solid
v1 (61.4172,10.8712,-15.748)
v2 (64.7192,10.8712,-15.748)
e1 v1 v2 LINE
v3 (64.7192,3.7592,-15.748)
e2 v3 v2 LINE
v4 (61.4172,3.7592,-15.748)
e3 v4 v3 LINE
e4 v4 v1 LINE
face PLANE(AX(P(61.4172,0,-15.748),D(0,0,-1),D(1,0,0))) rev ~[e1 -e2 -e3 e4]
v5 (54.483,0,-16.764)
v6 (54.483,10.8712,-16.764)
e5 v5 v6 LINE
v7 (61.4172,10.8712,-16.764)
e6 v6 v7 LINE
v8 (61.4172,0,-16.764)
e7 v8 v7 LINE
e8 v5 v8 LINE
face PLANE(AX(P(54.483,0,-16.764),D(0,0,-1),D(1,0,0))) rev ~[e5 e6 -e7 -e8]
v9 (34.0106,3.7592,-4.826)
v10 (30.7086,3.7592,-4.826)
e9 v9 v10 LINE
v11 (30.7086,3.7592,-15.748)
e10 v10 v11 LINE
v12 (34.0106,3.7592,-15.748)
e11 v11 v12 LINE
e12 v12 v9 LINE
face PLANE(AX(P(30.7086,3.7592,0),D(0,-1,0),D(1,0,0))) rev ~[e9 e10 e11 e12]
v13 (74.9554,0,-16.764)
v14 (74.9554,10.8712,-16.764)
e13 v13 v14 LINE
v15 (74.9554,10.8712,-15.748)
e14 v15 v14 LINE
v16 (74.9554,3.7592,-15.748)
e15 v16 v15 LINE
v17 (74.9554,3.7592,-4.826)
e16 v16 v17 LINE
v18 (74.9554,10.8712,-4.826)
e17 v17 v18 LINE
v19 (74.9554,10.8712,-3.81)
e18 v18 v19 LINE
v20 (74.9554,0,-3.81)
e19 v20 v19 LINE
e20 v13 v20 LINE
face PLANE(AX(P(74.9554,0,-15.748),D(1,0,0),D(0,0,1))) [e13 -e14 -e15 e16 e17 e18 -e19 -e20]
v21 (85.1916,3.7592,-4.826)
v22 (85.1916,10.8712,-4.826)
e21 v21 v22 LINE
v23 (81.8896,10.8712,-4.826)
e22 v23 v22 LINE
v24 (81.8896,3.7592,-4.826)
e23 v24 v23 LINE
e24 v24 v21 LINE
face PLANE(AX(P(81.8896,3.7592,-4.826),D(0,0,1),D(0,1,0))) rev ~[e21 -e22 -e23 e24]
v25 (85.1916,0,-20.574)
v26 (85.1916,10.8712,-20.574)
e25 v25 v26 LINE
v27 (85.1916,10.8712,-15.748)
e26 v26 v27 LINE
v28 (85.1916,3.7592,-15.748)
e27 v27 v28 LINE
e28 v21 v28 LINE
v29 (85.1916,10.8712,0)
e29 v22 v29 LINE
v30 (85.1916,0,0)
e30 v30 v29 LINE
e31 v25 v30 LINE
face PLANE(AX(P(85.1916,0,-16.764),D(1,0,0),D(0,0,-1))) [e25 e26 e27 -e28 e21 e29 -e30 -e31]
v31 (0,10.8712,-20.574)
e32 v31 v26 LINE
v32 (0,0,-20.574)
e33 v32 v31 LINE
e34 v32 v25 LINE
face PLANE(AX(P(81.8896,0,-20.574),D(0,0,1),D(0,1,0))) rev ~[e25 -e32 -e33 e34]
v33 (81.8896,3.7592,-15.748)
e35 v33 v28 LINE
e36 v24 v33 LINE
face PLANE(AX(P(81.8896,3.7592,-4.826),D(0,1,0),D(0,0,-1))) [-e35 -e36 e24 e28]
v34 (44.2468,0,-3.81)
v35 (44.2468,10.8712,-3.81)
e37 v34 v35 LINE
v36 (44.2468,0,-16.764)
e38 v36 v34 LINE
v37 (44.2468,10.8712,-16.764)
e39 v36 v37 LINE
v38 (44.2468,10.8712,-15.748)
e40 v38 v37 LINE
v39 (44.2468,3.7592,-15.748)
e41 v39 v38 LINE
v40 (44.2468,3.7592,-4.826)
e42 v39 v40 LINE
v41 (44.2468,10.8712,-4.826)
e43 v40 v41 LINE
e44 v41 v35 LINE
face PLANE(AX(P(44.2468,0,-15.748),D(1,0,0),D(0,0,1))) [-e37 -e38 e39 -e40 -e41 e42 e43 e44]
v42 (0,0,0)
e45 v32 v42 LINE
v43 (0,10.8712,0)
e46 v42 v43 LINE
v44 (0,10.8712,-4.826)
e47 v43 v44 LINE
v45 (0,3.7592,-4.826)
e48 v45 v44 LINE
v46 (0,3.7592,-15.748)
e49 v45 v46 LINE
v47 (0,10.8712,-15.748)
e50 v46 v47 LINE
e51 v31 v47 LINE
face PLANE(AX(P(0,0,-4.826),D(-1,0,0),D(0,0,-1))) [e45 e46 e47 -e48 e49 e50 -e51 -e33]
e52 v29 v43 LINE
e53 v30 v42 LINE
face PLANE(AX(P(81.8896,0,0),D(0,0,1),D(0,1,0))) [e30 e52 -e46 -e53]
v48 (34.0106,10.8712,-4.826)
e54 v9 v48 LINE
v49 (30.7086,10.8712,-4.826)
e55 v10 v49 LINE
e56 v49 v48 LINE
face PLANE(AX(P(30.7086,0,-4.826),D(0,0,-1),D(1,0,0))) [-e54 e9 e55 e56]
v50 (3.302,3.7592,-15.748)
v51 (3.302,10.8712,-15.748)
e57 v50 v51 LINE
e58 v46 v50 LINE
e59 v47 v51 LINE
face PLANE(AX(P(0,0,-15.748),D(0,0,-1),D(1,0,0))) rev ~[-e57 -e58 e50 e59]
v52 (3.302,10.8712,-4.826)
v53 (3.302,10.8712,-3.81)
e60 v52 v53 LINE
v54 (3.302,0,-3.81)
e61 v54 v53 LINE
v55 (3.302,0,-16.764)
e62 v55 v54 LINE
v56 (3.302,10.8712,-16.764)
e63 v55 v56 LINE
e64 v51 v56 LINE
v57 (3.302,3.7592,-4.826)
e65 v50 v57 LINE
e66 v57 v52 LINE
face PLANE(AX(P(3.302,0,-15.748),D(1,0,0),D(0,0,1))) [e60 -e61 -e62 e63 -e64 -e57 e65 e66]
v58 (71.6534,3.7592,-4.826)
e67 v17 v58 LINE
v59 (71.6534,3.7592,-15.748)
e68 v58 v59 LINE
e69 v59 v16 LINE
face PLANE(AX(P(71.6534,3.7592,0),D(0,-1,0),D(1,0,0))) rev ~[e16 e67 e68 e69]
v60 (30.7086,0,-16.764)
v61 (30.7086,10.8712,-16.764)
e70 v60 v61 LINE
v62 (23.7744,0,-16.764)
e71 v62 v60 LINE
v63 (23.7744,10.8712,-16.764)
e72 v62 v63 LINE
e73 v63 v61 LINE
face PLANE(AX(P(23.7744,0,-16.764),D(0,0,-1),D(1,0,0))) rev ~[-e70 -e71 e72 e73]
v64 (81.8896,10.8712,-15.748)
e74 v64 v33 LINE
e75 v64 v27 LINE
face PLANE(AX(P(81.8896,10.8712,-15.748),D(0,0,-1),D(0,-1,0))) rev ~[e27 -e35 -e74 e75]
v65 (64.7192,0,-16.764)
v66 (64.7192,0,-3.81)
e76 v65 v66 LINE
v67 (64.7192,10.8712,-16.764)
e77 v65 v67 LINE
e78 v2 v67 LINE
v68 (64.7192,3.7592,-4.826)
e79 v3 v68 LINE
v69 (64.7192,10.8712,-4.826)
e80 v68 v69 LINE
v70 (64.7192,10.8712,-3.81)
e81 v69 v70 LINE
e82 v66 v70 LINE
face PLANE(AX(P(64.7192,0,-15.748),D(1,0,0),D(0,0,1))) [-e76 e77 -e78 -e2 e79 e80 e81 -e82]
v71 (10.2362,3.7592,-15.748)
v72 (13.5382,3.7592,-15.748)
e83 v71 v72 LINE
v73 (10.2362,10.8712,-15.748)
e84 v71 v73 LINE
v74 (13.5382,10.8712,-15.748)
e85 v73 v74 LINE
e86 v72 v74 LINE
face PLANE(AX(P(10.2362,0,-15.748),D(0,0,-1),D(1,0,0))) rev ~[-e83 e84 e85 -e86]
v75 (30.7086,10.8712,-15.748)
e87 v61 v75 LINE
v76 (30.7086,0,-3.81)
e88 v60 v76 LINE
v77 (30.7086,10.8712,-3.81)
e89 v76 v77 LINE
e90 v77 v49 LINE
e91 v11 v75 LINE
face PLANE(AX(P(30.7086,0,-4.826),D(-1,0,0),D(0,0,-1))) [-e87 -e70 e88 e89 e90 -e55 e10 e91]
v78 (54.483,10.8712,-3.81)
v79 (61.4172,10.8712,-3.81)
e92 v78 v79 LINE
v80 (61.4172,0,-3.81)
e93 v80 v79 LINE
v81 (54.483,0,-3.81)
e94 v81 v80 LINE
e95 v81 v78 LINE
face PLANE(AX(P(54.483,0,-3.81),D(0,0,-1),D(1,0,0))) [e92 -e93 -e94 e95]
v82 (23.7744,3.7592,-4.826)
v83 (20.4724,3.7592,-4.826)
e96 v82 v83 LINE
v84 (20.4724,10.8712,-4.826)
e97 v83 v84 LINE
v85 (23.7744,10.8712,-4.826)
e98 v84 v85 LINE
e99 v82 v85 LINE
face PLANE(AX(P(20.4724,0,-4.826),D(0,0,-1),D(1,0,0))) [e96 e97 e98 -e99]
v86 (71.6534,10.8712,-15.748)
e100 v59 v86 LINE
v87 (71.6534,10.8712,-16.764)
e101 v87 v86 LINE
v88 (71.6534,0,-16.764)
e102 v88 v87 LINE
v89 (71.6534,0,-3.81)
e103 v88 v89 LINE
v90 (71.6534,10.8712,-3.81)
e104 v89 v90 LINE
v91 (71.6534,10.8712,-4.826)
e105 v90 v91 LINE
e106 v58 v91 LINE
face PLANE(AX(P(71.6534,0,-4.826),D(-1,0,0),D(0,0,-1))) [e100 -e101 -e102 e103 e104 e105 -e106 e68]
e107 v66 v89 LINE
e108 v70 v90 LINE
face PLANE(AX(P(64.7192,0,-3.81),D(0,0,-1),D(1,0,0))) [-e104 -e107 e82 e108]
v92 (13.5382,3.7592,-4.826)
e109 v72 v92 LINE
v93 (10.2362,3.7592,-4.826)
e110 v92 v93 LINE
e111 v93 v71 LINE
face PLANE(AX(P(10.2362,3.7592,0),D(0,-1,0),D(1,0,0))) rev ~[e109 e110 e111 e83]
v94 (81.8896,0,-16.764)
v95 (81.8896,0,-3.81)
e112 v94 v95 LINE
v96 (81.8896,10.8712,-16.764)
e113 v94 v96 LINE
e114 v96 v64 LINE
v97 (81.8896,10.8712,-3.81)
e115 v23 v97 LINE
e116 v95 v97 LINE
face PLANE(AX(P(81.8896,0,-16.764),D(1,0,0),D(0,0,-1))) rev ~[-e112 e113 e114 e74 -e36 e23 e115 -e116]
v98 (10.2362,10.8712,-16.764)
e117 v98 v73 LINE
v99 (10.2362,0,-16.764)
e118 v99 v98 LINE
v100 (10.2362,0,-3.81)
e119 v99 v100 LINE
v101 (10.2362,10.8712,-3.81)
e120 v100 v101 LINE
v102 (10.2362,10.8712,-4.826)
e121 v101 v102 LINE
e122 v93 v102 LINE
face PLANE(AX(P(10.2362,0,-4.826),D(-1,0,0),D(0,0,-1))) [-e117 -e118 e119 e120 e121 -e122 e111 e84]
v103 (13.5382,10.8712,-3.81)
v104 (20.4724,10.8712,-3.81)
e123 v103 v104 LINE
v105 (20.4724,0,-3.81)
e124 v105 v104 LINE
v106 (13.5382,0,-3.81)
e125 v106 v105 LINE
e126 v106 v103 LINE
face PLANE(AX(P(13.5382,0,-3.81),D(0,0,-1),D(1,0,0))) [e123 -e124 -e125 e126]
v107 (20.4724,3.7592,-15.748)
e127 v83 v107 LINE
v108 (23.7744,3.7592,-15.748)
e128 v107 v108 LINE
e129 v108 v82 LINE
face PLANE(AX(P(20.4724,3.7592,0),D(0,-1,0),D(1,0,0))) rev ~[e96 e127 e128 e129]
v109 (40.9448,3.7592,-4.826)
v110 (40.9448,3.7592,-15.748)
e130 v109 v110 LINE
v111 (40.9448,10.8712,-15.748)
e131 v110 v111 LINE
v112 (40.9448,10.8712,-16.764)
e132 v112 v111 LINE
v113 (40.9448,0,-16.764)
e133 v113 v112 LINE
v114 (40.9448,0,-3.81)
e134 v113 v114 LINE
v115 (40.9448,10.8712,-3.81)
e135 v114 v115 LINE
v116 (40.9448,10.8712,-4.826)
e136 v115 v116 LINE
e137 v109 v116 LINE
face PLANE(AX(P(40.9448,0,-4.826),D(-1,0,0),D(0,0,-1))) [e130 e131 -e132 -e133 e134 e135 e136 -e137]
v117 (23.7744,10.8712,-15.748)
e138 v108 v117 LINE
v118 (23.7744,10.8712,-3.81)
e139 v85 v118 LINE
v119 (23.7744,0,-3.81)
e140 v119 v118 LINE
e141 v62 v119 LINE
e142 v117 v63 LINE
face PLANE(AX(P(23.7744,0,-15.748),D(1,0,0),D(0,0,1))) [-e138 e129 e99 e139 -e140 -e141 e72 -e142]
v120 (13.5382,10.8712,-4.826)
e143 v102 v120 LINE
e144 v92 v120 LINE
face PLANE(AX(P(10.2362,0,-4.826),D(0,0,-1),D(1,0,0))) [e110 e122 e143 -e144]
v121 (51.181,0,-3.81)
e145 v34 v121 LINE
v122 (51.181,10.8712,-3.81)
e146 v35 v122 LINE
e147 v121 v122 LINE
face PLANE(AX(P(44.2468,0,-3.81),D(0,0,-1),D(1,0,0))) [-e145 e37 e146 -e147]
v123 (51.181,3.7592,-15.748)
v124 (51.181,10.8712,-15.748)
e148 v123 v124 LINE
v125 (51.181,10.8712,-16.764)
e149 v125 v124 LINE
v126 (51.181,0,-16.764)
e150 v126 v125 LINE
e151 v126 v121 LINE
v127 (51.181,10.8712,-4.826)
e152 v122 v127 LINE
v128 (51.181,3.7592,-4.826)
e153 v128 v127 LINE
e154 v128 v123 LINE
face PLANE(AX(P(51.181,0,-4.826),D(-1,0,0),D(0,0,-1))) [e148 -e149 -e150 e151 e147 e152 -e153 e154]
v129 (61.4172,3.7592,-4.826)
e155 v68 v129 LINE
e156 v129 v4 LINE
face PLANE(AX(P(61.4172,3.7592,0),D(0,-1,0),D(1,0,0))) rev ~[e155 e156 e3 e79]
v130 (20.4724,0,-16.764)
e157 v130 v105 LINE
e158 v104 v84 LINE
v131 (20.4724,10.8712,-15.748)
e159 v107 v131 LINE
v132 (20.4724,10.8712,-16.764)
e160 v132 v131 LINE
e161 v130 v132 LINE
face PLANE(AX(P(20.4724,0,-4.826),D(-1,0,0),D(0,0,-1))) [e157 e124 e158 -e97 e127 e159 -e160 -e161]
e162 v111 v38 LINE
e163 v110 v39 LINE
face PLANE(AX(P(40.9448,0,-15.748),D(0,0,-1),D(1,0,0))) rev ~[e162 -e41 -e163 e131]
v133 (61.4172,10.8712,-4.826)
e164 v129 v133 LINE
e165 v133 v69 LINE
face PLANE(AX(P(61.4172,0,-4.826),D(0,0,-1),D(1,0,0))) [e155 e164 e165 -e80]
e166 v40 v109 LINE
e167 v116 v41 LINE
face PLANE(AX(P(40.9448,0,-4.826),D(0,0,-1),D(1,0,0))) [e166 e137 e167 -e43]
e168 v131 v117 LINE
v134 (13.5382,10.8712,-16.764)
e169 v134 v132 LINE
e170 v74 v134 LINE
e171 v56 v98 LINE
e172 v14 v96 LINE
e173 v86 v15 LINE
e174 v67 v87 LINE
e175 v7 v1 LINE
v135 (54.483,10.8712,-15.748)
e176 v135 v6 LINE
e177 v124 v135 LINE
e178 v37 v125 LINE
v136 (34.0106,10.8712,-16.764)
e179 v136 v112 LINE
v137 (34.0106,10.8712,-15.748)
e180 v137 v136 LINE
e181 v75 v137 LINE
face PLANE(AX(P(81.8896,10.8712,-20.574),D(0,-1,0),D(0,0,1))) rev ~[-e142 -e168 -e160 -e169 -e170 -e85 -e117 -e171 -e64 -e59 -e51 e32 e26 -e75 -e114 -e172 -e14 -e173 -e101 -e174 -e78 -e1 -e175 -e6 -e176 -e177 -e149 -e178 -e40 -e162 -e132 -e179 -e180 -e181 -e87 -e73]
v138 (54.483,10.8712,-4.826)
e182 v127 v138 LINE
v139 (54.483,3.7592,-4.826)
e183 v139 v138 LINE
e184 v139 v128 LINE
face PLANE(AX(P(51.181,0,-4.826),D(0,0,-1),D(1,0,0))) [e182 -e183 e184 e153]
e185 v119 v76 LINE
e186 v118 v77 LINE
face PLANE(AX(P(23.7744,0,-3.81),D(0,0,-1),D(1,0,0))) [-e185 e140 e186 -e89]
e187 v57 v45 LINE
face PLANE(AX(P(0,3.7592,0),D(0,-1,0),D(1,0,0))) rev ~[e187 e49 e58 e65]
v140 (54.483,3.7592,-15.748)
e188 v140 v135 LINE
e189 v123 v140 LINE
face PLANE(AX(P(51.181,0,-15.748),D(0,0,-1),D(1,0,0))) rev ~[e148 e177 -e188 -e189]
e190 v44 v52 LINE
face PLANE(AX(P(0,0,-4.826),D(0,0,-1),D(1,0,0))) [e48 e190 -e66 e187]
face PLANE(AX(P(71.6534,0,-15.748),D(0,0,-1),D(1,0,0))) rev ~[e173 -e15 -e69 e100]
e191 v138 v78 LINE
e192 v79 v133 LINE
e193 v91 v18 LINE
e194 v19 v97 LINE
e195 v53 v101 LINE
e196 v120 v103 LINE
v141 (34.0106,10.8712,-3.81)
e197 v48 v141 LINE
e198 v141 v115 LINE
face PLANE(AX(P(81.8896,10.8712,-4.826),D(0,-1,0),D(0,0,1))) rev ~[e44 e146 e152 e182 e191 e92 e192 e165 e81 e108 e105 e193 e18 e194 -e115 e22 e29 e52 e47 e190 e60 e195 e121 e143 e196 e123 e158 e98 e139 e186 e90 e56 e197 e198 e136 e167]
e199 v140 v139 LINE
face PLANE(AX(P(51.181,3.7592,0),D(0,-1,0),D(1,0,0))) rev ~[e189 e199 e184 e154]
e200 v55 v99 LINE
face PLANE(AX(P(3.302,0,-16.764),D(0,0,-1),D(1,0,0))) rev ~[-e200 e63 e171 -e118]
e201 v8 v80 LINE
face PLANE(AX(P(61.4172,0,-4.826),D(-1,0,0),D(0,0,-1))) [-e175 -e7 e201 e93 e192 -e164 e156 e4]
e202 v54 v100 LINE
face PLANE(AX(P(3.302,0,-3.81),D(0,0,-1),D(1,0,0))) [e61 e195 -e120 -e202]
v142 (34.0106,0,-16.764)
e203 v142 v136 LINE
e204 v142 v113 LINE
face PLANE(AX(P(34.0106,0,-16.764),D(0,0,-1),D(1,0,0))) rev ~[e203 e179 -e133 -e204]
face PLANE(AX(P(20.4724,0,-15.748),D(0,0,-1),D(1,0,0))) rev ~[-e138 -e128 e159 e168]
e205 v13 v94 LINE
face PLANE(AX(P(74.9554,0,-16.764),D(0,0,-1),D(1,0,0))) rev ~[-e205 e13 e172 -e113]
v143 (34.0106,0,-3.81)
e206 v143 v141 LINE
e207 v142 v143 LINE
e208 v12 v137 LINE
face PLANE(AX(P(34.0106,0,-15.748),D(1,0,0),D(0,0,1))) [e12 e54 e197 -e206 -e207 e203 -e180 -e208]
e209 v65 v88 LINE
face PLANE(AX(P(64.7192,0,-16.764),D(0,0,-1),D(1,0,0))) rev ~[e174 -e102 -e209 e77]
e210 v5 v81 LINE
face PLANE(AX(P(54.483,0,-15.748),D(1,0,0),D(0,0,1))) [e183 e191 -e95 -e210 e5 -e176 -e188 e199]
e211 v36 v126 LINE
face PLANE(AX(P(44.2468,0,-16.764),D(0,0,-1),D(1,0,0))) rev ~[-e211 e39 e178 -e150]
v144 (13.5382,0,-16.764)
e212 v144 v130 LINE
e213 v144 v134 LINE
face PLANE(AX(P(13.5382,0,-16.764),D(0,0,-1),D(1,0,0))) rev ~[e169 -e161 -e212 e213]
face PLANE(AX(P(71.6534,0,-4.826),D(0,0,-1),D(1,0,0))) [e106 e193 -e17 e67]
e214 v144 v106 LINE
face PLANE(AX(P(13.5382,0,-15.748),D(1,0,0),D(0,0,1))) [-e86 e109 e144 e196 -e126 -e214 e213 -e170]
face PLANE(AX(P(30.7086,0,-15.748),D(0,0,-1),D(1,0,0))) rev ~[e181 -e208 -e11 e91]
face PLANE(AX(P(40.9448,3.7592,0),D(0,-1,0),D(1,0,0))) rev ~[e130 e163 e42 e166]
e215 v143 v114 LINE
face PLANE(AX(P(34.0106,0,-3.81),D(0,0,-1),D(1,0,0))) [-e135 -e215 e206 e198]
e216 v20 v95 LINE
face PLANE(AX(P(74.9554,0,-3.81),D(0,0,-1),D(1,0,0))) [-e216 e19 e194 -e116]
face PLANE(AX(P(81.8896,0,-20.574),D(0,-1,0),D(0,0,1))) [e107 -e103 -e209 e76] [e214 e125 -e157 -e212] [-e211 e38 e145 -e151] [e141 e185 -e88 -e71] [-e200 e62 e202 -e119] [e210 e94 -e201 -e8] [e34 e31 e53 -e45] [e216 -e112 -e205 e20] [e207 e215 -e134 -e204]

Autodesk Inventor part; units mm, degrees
ref_plane "YZ Plane" through (0, 0, 0) normal (1, 0, 0) x (0, 1, 0)
ref_plane "XZ Plane" through (0, 0, 0) normal (0, 1, 0) x (-1, 0, 0)
ref_plane "XY Plane" through (0, 0, 0) normal (0, 0, 1) x (1, 0, 0)
sketch "Sketch4" plane through (0, 0, 0) normal (0, 1, 0) x (-1, 0, 0)
  line L0 (0, -20.574) -> (0, -15.748)
  line L1 (0, -15.748) -> (-3.302, -15.748)
  line L2 (-3.302, -15.748) -> (-3.302, -16.764)
  line L3 (-3.302, -16.764) -> (-10.2362, -16.764)
  line L4 (-10.2362, -16.764) -> (-10.2362, -20.574)
  line L5 (-10.2362, -20.574) -> (0, -20.574)
  line L6 (0, 0) -> (0, -4.826)
  line L7 (0, -4.826) -> (-3.302, -4.826)
  line L8 (-3.302, -4.826) -> (-3.302, -3.81)
  line L9 (-3.302, -3.81) -> (-10.2362, -3.81)
  line L10 (-10.2362, -3.81) -> (-10.2362, 0)
  line L11 (-10.2362, 0) -> (0, 0)
  dimension "d22" = 3.302
  dimension "d23" = 1.016
  dimension "d24" = 1.016
  dimension "d25" = 6.9342
  dimension "d26" = 3.81
  dimension "d27" = 20.574
  dimension "d28" = 3.81
extrude "Extrusion4" add sketch "Sketch4" along normal blind 10.8712
sketch "Sketch5" plane through (0, 0, 0) normal (0, -1, 0) x (1, 0, 0)
  line L0 (0, -15.748) -> (3.302, -15.748)
  line L1 (3.302, -15.748) -> (3.302, -4.826)
  line L2 (3.302, -4.826) -> (0, -4.826)
  line L3 (0, -4.826) -> (0, -15.748)
  line L4 (3.302, -4.826) -> (0, -4.826) projected
  line L5 (0, -15.748) -> (3.302, -15.748) projected
  line L6 (0, -20.574) -> (0, -15.748) projected
  line L7 (3.302, -15.748) -> (3.302, -16.764) projected
  point P0 (0, 0)
extrude "Extrusion5" add sketch "Sketch5" against normal blind 3.7592
pattern_linear "Rectangular Pattern2" count 8 spacing 10.2362 along (1, 0, 0) of "Extrusion4", "Extrusion5"
sketch "Sketch6" plane through (81.8896, 0, -16.764) normal (1, 0, 0) x (0, 0, -1)
  line L0 (3.81, 0) -> (-16.764, 0) projected
  line L1 (3.81, 10.8712) -> (-1.016, 10.8712) projected
  line L2 (3.81, 0) -> (3.81, 10.8712)
  line L3 (3.81, 10.8712) -> (-1.016, 10.8712)
  line L4 (-11.938, 3.7592) -> (-1.016, 3.7592) projected
  line L5 (-1.016, 10.8712) -> (-1.016, 3.7592)
  line L6 (-1.016, 3.7592) -> (-11.938, 3.7592)
  line L7 (-11.938, 3.7592) -> (-11.938, 10.8712) projected
  line L8 (-11.938, 3.7592) -> (-11.938, 10.8712)
  line L9 (-16.764, 0) -> (-16.764, 10.8712) projected
  line L10 (-11.938, 10.8712) -> (-16.764, 10.8712)
  line L11 (-16.764, 10.8712) -> (-16.764, 0)
  line L12 (3.81, 0) -> (-16.764, 0)
extrude "Extrusion6" add sketch "Sketch6" along normal blind 3.302
properties part number "LatchHolder"
